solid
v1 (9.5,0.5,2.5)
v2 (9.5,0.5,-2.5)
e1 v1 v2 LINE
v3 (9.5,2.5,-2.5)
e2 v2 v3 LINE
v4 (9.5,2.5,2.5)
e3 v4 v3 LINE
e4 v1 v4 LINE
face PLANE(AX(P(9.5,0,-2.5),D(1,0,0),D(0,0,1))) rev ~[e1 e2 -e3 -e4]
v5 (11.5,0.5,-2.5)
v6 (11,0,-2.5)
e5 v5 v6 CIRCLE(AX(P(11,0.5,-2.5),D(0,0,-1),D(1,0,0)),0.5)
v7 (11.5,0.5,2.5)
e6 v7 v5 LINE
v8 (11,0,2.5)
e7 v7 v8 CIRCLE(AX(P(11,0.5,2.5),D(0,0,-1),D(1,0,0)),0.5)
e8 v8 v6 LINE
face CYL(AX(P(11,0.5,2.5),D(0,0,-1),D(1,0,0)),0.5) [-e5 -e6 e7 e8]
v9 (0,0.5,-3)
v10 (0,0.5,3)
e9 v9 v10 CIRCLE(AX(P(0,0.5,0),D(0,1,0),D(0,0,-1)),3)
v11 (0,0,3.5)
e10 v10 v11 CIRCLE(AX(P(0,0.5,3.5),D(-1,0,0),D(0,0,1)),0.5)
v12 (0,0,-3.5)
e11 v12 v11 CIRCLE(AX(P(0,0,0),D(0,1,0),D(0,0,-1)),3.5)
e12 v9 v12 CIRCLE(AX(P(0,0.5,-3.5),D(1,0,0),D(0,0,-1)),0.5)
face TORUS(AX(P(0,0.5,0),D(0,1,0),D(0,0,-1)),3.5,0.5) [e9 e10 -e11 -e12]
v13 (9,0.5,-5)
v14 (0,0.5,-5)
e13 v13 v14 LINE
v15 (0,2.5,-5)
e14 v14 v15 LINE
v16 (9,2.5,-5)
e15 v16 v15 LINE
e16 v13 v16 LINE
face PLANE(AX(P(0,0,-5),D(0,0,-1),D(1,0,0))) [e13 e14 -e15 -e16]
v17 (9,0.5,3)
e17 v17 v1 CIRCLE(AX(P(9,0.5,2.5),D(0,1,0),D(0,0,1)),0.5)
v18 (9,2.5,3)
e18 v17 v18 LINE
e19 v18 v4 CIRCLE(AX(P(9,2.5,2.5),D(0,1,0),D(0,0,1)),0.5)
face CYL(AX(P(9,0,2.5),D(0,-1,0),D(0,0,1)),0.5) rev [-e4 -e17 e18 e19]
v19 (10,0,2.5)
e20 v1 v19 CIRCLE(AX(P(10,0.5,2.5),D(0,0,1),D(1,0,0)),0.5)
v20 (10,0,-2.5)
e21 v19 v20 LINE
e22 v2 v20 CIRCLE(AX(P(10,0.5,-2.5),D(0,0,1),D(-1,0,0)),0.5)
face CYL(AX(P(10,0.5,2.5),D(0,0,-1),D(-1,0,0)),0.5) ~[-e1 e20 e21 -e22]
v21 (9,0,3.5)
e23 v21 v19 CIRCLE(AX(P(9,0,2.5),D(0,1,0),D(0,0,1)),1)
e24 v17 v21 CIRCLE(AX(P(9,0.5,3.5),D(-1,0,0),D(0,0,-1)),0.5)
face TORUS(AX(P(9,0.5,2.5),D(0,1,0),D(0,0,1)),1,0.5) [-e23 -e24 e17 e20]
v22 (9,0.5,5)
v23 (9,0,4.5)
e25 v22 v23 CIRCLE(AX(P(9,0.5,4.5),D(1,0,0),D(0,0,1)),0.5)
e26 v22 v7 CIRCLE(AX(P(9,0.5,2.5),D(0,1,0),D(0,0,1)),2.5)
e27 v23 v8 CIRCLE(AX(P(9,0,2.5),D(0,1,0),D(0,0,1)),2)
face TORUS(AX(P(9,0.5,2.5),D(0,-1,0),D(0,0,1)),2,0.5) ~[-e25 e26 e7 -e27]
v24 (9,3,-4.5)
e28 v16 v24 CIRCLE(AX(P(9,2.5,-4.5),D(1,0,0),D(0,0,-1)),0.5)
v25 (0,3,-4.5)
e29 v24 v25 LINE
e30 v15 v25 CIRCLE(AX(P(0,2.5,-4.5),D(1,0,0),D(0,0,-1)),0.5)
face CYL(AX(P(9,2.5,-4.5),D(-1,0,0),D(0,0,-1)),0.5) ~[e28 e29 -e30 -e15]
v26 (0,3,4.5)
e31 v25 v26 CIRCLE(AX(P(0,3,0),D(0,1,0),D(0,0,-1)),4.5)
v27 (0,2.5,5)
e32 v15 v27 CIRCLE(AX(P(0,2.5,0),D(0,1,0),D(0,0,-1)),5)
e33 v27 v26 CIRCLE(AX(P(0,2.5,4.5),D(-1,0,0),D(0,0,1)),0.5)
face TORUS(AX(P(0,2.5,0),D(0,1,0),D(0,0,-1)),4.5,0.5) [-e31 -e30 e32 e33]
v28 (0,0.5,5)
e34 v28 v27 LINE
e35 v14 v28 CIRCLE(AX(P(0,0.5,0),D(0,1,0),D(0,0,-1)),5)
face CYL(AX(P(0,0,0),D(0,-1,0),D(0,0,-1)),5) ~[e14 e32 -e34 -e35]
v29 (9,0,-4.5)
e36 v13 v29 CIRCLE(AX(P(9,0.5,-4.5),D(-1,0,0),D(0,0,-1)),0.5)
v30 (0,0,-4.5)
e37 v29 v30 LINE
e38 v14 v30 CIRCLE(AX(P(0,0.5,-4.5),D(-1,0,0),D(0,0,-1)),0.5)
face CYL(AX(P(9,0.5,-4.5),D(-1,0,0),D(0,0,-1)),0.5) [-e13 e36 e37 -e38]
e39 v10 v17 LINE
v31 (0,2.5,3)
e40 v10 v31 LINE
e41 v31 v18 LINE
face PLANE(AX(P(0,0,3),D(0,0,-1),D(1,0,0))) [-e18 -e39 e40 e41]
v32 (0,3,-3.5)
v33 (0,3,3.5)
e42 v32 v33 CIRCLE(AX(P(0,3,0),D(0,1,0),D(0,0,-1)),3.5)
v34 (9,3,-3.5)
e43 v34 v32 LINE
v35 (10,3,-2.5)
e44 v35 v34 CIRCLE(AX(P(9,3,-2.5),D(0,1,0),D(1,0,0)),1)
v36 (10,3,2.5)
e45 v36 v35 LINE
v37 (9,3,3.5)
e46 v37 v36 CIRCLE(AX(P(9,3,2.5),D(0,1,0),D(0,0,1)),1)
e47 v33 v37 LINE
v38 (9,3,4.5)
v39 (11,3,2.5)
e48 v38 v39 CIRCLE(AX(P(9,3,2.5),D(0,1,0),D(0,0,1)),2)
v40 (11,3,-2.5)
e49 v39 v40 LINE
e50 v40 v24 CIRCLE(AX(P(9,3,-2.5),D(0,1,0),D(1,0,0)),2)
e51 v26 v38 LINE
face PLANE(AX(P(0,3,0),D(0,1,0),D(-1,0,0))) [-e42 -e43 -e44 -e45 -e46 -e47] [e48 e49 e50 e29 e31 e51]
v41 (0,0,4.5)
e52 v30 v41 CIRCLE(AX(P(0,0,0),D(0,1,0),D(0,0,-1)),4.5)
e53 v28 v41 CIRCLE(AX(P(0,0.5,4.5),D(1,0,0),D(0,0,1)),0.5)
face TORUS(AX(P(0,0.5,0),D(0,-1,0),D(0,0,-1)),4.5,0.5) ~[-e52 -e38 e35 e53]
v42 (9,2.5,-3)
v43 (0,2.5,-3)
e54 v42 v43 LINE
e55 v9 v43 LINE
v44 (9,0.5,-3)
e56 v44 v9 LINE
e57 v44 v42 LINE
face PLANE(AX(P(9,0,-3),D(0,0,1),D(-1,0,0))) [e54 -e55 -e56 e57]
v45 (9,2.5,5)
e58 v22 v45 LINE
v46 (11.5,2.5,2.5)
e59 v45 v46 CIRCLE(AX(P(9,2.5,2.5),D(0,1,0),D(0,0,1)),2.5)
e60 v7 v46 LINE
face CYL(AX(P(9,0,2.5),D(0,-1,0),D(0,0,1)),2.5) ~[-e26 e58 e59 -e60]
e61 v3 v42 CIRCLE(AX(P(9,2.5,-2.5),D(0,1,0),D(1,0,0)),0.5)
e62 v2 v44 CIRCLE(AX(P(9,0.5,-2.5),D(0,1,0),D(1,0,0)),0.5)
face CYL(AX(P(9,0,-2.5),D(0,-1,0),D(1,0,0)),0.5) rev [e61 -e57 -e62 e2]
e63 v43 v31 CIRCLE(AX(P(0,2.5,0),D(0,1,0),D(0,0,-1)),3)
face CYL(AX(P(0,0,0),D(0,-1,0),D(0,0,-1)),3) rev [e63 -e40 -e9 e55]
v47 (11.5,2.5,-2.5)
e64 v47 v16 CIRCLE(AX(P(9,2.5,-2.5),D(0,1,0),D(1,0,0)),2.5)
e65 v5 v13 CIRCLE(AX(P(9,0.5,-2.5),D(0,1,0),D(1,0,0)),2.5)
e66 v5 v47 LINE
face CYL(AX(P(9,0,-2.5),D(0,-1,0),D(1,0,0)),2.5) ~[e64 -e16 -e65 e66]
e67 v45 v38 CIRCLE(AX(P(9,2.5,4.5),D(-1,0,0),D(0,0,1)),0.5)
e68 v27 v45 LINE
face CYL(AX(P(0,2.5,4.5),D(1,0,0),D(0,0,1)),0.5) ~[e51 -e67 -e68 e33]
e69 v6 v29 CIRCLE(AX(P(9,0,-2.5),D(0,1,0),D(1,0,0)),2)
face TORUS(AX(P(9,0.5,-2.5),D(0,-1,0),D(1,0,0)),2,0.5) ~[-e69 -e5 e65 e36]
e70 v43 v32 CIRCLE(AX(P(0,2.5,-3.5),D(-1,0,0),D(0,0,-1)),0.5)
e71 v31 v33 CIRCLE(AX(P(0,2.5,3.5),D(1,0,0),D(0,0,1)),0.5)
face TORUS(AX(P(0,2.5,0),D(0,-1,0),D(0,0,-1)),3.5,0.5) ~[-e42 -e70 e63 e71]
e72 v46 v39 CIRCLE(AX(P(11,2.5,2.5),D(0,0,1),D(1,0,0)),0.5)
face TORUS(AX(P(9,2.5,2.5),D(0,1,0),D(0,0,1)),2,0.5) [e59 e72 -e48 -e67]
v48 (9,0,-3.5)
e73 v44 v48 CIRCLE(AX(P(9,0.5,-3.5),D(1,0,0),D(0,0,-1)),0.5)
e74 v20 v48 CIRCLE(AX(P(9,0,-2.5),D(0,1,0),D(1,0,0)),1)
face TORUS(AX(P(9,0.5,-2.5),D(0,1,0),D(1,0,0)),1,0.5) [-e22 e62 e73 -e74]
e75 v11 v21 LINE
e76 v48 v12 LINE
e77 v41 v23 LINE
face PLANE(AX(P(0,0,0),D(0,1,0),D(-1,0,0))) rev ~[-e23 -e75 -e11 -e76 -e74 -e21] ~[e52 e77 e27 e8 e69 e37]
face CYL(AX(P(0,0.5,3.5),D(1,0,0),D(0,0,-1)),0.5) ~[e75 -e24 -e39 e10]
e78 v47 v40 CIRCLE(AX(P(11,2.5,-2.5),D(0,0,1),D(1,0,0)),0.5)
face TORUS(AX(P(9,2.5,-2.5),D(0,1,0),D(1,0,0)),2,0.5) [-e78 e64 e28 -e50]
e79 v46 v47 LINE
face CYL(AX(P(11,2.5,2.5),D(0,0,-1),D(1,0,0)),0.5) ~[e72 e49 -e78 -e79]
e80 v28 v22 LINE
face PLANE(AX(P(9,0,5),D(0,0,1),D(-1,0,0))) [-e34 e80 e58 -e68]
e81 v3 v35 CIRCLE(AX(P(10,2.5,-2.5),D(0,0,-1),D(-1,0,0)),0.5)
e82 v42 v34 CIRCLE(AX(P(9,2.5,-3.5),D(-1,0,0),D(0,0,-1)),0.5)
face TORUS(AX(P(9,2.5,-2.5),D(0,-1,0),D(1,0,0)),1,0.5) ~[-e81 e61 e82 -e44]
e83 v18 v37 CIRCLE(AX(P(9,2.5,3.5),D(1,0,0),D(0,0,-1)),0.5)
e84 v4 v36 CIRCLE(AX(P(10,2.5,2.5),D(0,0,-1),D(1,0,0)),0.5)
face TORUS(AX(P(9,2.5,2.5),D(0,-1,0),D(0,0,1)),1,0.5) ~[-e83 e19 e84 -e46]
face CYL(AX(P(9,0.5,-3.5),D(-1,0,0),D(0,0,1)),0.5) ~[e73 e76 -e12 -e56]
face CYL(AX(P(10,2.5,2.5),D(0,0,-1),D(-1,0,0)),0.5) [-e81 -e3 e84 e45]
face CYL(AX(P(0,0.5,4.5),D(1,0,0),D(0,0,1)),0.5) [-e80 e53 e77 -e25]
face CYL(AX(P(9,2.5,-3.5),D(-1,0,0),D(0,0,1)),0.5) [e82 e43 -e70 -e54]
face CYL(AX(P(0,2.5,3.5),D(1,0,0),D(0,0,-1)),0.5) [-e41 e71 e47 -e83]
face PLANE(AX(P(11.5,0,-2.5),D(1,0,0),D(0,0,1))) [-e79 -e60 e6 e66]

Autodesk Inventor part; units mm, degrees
ref_plane "YZ Plane" through (0, 0, 0) normal (1, 0, 0) x (0, 1, 0)
ref_plane "XZ Plane" through (0, 0, 0) normal (0, 1, 0) x (-1, 0, 0)
ref_plane "XY Plane" through (0, 0, 0) normal (0, 0, 1) x (1, 0, 0)
sketch "Sketch1" plane through (0, 0, 0) normal (0, 1, 0) x (-1, 0, 0)
  line L0 (-9, -3) -> (0, -3)
  arc A0 (0, -3) -> (0, 3) centre (0, 0) ccw
  line L1 (0, 3) -> (-9, 3)
  arc A1 (-9.5, -2.5) -> (-9, -3) centre (-9, -2.5) ccw
  line L2 (-9.5, -2.5) -> (-9.5, 2.5)
  arc A2 (-9, 3) -> (-9.5, 2.5) centre (-9, 2.5) ccw
  line L3 (0, -5) -> (-9, -5)
  arc A3 (-11.5, -2.5) -> (-9, -5) centre (-9, -2.5) ccw
  line L4 (-11.5, -2.5) -> (-11.5, 2.5)
  arc A4 (-9, 5) -> (-11.5, 2.5) centre (-9, 2.5) ccw
  line L5 (-9, 5) -> (0, 5)
  arc A5 (0, -5) -> (0, 5) centre (0, 0) ccw
  dimension "d0" = 3
  dimension "d1" = 0.5
  dimension "d2" = 9.5
  dimension "d3" = 2
extrude "Extrusion1" add sketch "Sketch1" along normal blind 3
fillet "Fillet1" radius 0.5 24 edges at (10.7678, 3, 4.2678) (11.5, 3, 0) (10.7678, 3, -4.2678) (4.5, 3, -5) (-5, 3, 0) (4.5, 3, 5) (-3, 3, 0) (4.5, 3, -3) (9.3536, 3, -2.8536) (9.5, 3, 0) (9.3536, 3, 2.8536) (4.5, 3, 3) (-3, 0, 0) (4.5, 0, 3) (9.3536, 0, 2.8536) (9.5, 0, 0) (9.3536, 0, -2.8536) (4.5, 0, -3) (10.7678, 0, -4.2678) (11.5, 0, 0) (10.7678, 0, 4.2678) (4.5, 0, 5) (-5, 0, 0) (4.5, 0, -5)
properties part number "x_iddler_cap_zip_tie" material "ABS Plastic"
